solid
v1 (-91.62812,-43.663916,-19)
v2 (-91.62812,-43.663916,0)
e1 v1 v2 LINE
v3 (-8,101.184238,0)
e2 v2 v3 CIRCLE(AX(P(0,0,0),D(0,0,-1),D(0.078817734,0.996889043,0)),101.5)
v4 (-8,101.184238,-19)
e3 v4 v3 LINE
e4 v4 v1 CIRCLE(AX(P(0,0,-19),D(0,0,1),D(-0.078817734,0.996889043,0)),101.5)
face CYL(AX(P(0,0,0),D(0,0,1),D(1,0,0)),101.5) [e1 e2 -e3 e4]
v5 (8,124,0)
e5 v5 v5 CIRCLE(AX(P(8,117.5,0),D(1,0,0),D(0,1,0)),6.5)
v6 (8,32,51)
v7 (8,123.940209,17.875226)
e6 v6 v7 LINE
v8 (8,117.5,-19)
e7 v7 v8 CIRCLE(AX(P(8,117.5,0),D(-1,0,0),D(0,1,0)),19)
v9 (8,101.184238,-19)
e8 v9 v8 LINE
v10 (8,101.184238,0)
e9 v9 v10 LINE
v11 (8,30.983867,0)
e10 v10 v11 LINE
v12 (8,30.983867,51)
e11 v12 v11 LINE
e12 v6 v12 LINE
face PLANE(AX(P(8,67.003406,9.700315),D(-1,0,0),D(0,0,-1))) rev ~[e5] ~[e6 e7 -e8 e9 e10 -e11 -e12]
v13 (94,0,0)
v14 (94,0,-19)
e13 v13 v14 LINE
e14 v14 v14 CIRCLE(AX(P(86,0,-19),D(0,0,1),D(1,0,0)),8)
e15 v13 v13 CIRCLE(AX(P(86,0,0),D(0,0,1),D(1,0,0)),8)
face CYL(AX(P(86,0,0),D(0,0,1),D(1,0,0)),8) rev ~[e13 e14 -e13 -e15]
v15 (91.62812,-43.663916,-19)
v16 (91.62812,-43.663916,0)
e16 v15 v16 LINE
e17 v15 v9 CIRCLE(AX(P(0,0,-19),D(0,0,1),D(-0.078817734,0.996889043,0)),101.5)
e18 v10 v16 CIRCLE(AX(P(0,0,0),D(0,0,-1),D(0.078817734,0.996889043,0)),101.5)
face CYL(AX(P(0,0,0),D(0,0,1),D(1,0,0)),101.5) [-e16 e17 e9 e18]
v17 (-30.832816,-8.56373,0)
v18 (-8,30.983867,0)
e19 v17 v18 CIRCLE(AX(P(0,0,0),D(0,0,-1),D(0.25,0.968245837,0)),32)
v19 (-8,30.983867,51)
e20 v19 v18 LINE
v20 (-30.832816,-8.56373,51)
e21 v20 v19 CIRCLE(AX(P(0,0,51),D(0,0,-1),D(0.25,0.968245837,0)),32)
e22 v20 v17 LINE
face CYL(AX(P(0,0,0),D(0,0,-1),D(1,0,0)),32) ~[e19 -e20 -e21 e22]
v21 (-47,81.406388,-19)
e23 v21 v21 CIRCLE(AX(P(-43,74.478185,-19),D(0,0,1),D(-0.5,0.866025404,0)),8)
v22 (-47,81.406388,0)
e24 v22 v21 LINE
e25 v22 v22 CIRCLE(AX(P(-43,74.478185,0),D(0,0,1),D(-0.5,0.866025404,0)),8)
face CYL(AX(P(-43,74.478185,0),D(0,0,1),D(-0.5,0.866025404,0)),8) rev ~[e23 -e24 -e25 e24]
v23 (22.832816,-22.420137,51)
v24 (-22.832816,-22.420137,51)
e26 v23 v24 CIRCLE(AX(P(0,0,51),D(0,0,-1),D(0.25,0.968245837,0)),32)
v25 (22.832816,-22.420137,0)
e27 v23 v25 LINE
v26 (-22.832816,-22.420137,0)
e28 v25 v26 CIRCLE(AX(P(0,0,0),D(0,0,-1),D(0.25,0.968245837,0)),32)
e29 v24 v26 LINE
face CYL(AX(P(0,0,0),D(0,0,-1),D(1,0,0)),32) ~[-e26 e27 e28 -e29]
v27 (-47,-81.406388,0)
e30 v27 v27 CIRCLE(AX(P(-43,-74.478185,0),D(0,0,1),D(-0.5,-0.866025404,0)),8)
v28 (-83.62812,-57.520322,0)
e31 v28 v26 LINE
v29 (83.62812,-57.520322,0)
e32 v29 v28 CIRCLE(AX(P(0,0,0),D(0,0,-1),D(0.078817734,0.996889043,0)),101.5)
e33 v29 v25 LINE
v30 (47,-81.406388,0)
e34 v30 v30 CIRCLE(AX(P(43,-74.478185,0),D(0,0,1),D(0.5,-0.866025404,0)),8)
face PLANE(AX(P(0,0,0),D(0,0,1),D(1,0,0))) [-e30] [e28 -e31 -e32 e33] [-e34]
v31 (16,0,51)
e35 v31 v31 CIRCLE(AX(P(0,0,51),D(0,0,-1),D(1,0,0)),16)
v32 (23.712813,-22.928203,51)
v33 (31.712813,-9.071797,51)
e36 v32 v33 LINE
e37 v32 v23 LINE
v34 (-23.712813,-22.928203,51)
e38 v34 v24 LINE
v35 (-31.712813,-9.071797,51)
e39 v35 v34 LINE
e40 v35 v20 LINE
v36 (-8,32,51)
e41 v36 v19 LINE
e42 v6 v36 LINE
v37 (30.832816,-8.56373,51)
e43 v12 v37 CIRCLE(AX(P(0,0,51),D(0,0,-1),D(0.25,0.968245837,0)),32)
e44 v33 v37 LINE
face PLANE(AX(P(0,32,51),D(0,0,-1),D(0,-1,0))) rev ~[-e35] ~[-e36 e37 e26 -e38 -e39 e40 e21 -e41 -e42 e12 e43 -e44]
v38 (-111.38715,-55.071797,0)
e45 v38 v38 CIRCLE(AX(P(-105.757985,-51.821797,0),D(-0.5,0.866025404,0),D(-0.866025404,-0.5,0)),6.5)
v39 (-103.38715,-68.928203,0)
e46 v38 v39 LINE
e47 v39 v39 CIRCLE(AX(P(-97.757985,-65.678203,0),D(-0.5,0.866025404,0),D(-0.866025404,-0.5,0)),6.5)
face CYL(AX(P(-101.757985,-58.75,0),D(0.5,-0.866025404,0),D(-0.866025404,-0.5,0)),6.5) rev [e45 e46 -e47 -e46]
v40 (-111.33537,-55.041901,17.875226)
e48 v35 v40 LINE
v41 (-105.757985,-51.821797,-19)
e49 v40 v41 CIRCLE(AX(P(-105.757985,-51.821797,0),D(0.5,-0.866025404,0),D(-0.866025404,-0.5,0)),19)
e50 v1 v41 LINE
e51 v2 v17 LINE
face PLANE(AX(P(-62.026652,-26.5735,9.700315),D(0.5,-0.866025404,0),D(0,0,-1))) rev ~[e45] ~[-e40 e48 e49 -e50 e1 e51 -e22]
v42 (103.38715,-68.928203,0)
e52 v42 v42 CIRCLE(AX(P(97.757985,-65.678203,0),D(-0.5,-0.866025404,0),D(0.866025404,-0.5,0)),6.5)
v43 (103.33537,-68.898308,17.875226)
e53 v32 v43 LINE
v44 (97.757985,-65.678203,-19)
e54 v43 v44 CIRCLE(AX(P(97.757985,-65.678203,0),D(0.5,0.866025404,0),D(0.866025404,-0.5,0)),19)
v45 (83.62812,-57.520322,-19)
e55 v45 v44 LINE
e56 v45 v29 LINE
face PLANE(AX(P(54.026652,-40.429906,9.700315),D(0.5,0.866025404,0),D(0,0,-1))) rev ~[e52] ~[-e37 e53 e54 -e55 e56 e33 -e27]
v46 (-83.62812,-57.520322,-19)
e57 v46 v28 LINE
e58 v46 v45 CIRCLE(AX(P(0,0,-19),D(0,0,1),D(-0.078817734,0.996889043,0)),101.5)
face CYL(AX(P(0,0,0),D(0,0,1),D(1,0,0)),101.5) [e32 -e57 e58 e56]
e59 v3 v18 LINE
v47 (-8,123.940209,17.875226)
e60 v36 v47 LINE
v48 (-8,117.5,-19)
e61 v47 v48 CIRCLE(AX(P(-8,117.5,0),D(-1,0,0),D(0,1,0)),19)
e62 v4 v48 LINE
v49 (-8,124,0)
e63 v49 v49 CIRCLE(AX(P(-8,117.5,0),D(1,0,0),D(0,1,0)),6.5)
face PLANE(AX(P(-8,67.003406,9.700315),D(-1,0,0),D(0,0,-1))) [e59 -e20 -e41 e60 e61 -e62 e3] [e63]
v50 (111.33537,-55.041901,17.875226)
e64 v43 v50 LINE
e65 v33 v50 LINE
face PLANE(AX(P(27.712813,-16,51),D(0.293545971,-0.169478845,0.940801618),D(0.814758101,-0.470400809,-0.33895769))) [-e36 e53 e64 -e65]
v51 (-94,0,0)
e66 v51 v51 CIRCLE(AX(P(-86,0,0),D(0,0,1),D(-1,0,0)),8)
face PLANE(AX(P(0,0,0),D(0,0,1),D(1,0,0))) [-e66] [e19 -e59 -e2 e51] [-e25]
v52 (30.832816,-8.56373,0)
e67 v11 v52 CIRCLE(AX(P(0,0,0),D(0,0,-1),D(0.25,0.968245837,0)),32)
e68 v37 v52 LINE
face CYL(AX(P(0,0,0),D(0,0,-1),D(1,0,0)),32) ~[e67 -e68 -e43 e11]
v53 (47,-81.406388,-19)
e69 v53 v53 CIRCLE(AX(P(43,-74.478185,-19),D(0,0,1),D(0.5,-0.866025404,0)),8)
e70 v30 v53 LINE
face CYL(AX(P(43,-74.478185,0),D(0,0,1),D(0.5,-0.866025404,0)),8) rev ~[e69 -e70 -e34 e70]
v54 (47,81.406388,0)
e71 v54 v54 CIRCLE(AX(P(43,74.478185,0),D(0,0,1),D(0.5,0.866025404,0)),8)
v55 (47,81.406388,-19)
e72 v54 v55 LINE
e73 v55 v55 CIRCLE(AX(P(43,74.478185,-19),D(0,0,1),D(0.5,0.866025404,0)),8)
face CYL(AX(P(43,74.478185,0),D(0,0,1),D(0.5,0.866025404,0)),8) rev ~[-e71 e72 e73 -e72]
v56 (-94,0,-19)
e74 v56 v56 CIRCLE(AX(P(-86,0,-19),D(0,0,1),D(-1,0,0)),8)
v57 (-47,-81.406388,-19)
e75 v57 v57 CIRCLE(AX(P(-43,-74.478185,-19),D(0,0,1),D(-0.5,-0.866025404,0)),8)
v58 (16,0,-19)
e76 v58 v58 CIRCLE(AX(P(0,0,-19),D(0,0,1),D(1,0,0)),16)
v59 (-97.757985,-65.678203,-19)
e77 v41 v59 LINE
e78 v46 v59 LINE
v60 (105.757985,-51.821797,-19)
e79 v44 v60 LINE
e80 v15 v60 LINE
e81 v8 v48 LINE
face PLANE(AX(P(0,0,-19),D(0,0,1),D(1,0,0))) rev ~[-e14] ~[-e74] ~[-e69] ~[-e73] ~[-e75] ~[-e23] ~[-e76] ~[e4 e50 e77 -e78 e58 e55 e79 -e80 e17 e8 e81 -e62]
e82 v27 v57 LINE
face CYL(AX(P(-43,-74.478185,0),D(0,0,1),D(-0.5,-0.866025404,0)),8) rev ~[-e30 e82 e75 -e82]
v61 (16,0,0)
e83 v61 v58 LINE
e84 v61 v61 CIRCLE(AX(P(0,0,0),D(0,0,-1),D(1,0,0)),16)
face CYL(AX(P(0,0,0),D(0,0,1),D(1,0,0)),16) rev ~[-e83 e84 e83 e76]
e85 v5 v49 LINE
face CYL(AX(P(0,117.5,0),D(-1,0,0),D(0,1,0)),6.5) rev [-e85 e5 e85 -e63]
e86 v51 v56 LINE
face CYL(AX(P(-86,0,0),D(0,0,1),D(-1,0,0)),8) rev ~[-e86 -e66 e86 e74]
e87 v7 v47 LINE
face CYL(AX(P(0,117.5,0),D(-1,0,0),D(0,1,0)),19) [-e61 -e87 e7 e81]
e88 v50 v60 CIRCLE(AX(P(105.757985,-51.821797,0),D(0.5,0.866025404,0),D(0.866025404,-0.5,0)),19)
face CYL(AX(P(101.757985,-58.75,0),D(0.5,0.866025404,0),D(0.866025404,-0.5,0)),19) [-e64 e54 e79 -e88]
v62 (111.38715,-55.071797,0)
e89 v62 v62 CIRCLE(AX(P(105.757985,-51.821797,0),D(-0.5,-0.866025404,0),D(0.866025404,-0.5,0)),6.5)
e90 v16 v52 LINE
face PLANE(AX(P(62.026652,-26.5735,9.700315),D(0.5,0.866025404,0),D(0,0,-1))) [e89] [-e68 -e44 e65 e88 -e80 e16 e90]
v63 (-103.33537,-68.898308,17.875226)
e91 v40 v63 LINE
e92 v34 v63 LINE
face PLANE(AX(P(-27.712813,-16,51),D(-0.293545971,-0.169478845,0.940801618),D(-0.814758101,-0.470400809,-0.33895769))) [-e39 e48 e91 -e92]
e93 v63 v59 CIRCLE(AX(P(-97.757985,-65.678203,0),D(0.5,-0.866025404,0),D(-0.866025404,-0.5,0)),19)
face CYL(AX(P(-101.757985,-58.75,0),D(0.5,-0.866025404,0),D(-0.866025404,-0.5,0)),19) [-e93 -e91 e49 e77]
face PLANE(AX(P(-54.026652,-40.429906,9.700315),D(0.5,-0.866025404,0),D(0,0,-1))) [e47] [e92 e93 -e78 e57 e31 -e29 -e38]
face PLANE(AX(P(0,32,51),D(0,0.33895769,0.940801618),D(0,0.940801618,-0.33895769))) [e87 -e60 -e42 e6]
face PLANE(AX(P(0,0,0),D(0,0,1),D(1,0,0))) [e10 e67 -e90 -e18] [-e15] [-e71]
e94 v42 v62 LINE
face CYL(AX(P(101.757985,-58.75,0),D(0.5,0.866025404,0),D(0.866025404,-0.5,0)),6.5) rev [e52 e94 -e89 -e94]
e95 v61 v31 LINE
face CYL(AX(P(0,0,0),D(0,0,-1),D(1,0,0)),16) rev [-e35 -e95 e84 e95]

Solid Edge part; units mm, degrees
sketch "Sketch1" plane through (0, 0, 0) normal (0, 0, 1) x (1, 0, 0)
  circle A0 centre (0, 0) radius 101.5
extrude "Protrusion1" add sketch "Sketch1" against normal blind 19
sketch "Sketch2" plane through (0, 0, 0) normal (0, 0, 1) x (1, 0, 0)
  circle A0 centre (0, 0) radius 32
  circle A1 centre (0, 0) radius 16
extrude "ExtrudedProtrusion_2" add sketch "Sketch2" along normal blind 51
sketch "Sketch3" plane through (0, 0, 0) normal (0, 0, 1) x (1, 0, 0)
  circle A0 centre (86, 0) radius 8
extrude "Cutout1" cut sketch "Sketch3" against normal up to vertex (19 mm away)
pattern_circular "Pattern1" count 6 over 360 about axis through (0, 0, 0) along (0, 0, 1) of "Cutout1"
sketch "Sketch4" plane through (0, 0, 0) normal (1, 0, 0) x (0, 1, 0)
  line L0 (32, 51) -> (123.9402, 17.8752)
  line L1 (101.5, -19) -> (117.5, -19)
  line L2 (16, -19) -> (101.5, -19)
  line L3 (16, 0) -> (16, -19)
  line L4 (16, 51) -> (16, 0)
  line L5 (32, 51) -> (16, 51)
  arc A0 (123.9402, 17.8752) -> (117.5, -19) centre (117.5, 0) cw
  circle A1 centre (117.5, 0) radius 6.5
extrude "ExtrudedProtrusion_6" add sketch "Sketch4" along normal mid plane 16
pattern_circular "Pattern3" count 3 over 360 about axis through (0, 0, 0) along (0, 0, 1) of "ExtrudedProtrusion_6"
sketch "Sketch5" plane through (0, 0, 0) normal (0, 0, 1) x (1, 0, 0)
  circle A0 centre (0, 0) radius 16
extrude "ExtrudedCutout_2" cut sketch "Sketch5" against normal blind 19
